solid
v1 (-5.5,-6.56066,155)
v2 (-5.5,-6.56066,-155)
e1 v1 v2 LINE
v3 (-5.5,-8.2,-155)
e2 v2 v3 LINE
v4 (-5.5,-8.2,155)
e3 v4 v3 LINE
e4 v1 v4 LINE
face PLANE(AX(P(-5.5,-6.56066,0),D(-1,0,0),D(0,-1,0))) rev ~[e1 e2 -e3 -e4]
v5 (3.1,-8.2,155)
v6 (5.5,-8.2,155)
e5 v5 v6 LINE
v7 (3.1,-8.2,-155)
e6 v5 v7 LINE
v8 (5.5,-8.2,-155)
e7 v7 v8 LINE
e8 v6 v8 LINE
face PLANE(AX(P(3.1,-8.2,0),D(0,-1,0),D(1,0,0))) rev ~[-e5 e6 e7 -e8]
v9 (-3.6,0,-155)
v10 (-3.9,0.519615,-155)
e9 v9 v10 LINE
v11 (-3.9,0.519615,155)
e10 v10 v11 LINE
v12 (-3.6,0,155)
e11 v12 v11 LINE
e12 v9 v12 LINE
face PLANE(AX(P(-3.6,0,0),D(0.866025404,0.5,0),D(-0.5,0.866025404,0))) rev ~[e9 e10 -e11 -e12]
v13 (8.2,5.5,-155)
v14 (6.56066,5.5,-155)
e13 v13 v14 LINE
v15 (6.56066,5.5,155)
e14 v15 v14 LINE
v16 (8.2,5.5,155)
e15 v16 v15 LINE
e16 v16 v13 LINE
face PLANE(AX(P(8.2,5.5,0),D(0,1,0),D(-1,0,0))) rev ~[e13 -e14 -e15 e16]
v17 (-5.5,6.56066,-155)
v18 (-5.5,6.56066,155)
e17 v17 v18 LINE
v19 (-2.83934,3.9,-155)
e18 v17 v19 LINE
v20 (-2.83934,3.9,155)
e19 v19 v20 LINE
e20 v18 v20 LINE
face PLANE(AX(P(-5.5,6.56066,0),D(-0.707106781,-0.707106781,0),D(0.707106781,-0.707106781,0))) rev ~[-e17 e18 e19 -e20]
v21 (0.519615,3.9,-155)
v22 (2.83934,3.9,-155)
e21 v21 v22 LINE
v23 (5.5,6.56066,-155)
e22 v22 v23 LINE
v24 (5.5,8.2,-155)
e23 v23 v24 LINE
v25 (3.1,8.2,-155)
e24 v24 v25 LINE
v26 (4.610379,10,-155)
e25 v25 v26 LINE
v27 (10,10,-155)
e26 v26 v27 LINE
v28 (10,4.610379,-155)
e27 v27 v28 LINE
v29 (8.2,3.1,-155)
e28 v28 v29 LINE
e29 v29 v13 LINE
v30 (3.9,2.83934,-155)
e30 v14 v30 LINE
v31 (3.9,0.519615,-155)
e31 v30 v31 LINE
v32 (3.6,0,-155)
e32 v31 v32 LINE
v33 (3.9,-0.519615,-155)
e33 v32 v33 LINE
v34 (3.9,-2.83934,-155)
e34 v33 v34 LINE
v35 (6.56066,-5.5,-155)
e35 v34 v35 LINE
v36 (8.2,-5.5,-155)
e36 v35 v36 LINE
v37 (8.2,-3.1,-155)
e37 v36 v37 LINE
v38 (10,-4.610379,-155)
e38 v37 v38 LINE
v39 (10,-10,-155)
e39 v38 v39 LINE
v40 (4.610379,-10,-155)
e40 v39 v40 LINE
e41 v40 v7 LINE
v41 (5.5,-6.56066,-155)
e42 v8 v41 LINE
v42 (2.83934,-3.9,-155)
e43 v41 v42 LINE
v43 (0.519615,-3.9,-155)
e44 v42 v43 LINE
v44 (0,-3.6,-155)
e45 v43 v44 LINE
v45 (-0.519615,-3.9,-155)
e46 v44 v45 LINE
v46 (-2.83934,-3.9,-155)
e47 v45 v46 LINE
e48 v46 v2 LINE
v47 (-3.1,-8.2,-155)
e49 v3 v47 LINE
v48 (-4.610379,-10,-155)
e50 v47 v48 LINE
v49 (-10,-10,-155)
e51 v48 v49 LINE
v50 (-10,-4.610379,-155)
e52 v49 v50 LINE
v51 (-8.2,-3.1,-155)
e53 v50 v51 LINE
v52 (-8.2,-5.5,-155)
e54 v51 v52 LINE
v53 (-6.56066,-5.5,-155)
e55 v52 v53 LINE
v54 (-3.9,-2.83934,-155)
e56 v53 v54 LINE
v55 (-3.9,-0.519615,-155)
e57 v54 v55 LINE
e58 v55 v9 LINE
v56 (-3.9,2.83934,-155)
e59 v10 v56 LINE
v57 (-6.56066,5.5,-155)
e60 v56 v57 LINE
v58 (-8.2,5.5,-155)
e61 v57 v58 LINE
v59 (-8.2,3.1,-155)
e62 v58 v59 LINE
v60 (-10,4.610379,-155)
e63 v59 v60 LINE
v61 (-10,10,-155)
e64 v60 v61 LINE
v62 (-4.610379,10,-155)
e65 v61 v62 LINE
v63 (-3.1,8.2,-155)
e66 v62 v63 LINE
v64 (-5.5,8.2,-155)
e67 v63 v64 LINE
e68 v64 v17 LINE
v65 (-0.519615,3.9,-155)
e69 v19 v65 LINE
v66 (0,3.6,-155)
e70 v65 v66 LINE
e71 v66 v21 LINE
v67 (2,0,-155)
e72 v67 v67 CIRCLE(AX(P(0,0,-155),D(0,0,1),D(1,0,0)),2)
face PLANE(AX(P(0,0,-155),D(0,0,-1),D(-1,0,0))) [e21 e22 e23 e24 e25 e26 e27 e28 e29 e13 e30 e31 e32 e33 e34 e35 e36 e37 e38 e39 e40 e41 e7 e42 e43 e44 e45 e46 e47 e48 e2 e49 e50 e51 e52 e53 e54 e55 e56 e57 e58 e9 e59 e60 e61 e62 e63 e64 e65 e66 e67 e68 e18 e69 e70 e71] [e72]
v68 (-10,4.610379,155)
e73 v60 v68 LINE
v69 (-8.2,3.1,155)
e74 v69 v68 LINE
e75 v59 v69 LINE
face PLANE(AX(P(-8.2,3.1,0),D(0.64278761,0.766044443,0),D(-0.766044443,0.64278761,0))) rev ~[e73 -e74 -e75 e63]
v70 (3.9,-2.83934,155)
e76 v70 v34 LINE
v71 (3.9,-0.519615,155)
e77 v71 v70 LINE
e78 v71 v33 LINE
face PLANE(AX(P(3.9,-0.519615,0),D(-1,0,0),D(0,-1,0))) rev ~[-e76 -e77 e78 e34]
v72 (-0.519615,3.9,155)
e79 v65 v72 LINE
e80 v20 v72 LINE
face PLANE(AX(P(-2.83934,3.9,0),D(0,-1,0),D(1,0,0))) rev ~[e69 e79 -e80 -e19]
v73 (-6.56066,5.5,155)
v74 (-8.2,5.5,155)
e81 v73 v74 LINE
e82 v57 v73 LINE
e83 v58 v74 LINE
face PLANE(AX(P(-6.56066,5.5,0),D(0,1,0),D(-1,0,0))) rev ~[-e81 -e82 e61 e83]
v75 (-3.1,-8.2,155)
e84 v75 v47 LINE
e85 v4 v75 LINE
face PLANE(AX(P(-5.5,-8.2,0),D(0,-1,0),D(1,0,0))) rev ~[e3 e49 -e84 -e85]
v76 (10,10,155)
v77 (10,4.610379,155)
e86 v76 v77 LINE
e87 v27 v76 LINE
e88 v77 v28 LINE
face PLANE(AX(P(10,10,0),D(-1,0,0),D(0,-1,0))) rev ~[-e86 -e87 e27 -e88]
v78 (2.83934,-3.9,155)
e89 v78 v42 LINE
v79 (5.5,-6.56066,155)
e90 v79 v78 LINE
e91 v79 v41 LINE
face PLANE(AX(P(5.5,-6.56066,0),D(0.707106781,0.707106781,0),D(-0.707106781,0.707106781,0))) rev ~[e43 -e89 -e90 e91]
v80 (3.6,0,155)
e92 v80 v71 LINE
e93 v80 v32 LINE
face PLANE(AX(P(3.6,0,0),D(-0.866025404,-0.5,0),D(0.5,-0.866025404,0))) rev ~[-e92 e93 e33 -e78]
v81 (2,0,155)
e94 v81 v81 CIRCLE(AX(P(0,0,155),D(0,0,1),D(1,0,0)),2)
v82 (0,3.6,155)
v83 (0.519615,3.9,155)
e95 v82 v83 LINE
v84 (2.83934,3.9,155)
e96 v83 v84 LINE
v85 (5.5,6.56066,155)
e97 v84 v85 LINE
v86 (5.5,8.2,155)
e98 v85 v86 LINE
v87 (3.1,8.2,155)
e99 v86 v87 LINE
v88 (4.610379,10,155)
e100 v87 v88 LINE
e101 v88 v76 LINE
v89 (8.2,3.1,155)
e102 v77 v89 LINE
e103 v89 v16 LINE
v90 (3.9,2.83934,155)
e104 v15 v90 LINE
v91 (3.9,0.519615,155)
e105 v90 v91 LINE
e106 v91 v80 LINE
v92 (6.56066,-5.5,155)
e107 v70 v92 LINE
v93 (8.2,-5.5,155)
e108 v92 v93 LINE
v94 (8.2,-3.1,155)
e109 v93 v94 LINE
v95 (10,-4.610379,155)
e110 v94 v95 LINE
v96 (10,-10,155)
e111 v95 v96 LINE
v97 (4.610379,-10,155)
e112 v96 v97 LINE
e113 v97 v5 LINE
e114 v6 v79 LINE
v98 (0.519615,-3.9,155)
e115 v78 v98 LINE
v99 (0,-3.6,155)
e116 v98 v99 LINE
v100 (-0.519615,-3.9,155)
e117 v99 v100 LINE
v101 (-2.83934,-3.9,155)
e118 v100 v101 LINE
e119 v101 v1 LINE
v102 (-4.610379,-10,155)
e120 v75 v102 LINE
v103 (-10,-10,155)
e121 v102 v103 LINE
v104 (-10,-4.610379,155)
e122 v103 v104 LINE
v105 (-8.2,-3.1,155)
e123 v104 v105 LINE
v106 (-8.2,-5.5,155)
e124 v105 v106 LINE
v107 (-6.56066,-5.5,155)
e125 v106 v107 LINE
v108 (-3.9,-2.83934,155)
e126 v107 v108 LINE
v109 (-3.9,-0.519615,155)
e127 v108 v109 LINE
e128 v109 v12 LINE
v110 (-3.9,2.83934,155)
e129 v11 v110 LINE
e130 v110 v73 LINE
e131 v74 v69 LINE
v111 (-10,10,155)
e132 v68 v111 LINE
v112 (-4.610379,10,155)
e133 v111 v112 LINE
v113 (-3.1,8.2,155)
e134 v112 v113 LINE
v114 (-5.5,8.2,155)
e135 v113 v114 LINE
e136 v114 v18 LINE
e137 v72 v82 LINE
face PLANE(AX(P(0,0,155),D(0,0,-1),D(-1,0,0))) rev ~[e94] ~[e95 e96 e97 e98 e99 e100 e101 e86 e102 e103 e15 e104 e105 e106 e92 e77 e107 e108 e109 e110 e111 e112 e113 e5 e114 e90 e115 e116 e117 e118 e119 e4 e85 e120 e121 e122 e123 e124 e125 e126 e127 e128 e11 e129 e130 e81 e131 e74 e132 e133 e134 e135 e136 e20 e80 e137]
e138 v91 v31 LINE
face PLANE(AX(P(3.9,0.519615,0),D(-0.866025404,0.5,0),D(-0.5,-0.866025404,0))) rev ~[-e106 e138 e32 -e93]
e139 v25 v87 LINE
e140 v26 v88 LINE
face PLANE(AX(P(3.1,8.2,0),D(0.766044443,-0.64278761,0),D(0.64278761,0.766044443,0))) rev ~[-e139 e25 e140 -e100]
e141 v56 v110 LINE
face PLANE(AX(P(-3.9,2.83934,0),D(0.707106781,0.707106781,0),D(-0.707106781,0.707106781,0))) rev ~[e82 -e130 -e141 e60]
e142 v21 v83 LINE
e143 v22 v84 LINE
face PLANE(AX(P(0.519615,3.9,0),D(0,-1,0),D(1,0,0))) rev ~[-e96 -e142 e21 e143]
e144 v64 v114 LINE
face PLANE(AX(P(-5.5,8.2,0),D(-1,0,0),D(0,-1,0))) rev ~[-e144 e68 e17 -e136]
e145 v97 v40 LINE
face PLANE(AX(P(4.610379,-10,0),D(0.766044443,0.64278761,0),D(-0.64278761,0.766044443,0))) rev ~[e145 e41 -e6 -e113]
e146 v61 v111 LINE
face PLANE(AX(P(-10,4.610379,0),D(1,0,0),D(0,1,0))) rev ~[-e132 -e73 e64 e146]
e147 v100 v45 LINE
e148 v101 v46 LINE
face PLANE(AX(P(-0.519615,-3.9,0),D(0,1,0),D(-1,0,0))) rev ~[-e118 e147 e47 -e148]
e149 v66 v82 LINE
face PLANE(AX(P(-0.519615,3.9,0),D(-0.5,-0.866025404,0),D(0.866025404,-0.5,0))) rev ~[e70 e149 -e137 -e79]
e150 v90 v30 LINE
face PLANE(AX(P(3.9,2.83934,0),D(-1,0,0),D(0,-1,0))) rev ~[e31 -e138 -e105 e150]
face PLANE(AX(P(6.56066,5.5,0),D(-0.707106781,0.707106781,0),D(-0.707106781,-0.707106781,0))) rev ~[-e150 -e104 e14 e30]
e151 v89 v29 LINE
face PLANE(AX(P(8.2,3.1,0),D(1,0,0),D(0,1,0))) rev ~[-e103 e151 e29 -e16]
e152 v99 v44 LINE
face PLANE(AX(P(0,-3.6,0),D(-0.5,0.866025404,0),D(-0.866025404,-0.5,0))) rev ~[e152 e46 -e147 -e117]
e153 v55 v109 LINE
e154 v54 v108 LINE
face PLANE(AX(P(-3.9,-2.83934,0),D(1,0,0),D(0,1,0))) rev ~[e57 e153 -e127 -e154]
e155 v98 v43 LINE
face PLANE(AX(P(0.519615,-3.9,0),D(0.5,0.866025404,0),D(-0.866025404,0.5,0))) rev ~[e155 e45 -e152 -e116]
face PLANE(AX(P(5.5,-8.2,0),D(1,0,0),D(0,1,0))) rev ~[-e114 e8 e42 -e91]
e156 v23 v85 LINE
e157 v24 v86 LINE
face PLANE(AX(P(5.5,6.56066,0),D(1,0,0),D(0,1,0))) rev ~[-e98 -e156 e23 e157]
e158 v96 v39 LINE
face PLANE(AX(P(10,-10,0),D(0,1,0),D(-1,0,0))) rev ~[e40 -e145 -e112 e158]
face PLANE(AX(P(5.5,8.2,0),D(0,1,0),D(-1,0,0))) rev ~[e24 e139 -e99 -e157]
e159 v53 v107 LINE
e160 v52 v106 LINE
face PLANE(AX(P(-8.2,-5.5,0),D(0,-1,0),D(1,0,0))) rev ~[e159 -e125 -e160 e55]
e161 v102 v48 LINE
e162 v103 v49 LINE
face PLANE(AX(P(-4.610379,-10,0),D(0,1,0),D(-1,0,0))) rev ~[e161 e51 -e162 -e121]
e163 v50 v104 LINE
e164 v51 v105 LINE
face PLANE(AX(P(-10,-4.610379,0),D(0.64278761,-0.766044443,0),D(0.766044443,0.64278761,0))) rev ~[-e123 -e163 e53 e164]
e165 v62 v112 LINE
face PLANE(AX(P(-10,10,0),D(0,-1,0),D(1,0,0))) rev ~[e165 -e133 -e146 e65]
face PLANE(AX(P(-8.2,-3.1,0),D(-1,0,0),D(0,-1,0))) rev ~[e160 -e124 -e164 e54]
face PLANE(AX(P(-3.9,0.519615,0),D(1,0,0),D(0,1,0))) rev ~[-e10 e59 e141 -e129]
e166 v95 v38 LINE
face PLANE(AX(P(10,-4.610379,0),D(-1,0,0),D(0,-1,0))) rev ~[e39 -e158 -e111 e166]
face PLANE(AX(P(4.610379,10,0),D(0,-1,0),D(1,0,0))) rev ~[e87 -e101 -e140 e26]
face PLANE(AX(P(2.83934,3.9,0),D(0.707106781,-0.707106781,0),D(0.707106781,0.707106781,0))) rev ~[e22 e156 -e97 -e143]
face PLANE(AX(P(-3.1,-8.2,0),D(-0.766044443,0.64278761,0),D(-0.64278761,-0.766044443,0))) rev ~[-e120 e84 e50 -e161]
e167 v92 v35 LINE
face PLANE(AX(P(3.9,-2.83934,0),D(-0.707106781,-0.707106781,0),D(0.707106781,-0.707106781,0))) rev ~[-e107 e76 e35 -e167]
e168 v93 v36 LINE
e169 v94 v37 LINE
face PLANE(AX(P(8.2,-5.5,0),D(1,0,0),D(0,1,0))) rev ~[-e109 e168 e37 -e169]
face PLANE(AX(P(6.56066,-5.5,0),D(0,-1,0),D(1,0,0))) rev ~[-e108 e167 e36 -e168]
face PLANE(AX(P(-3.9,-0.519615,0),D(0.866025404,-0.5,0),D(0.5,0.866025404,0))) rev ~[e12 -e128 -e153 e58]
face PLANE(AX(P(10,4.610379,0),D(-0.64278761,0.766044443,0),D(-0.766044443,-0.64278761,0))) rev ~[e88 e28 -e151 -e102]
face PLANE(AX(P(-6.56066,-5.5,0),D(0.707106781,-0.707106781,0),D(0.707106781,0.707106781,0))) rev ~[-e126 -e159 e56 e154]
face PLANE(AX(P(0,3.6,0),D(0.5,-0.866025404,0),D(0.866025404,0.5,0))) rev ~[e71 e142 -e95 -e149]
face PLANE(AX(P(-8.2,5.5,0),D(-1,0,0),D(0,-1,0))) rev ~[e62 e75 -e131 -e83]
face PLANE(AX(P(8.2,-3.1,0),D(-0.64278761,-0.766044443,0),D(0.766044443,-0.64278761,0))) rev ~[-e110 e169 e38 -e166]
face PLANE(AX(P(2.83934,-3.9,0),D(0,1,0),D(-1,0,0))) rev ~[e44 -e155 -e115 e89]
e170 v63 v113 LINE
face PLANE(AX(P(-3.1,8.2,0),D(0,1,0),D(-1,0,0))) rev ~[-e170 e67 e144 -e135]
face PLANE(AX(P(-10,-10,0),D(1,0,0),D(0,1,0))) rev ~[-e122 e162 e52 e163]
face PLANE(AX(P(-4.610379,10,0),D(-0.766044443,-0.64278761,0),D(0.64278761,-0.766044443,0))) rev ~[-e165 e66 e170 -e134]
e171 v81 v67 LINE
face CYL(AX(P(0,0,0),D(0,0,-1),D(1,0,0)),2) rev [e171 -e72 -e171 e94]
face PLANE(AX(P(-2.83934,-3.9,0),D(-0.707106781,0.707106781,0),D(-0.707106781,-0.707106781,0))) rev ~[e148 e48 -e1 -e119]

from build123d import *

# Parameters (mm, degrees)
SKETCH1_R           = 2
BOSS_EXTRUDE1_DEPTH = 155


with BuildPart() as part:
    # Sketch1 → Boss-Extrude1 (new, symmetric)
    with BuildSketch(Plane.XY):
        Polygon((10, 10), (10, 4.610379336), (8.2, 3.1), (8.2, 5.5), (6.560660172, 5.5), (3.9, 2.839339828), (3.9, 0.519615242), (3.6, 0), (3.9, -0.519615242), (3.9, -2.839339828), (6.560660172, -5.5), (8.2, -5.5), (8.2, -3.1), (10, -4.610379336), (10, -10), (4.610379336, -10), (3.1, -8.2), (5.5, -8.2), (5.5, -6.560660172), (2.839339828, -3.9), (0.519615242, -3.9), (0, -3.6), (-0.519615242, -3.9), (-2.839339828, -3.9), (-5.5, -6.560660172), (-5.5, -8.2), (-3.1, -8.2), (-4.610379336, -10), (-10, -10), (-10, -4.610379336), (-8.2, -3.1), (-8.2, -5.5), (-6.560660172, -5.5), (-3.9, -2.839339828), (-3.9, -0.519615242), (-3.6, 0), (-3.9, 0.519615242), (-3.9, 2.839339828), (-6.560660172, 5.5), (-8.2, 5.5), (-8.2, 3.1), (-10, 4.610379336), (-10, 10), (-4.610379336, 10), (-3.1, 8.2), (-5.5, 8.2), (-5.5, 6.560660172), (-2.839339828, 3.9), (-0.519615242, 3.9), (0, 3.6), (0.519615242, 3.9), (2.839339828, 3.9), (5.5, 6.560660172), (5.5, 8.2), (3.1, 8.2), (4.610379336, 10), align=None)
        Circle(SKETCH1_R, mode=Mode.SUBTRACT)
    extrude(amount=BOSS_EXTRUDE1_DEPTH, both=True)


solid = part.part
